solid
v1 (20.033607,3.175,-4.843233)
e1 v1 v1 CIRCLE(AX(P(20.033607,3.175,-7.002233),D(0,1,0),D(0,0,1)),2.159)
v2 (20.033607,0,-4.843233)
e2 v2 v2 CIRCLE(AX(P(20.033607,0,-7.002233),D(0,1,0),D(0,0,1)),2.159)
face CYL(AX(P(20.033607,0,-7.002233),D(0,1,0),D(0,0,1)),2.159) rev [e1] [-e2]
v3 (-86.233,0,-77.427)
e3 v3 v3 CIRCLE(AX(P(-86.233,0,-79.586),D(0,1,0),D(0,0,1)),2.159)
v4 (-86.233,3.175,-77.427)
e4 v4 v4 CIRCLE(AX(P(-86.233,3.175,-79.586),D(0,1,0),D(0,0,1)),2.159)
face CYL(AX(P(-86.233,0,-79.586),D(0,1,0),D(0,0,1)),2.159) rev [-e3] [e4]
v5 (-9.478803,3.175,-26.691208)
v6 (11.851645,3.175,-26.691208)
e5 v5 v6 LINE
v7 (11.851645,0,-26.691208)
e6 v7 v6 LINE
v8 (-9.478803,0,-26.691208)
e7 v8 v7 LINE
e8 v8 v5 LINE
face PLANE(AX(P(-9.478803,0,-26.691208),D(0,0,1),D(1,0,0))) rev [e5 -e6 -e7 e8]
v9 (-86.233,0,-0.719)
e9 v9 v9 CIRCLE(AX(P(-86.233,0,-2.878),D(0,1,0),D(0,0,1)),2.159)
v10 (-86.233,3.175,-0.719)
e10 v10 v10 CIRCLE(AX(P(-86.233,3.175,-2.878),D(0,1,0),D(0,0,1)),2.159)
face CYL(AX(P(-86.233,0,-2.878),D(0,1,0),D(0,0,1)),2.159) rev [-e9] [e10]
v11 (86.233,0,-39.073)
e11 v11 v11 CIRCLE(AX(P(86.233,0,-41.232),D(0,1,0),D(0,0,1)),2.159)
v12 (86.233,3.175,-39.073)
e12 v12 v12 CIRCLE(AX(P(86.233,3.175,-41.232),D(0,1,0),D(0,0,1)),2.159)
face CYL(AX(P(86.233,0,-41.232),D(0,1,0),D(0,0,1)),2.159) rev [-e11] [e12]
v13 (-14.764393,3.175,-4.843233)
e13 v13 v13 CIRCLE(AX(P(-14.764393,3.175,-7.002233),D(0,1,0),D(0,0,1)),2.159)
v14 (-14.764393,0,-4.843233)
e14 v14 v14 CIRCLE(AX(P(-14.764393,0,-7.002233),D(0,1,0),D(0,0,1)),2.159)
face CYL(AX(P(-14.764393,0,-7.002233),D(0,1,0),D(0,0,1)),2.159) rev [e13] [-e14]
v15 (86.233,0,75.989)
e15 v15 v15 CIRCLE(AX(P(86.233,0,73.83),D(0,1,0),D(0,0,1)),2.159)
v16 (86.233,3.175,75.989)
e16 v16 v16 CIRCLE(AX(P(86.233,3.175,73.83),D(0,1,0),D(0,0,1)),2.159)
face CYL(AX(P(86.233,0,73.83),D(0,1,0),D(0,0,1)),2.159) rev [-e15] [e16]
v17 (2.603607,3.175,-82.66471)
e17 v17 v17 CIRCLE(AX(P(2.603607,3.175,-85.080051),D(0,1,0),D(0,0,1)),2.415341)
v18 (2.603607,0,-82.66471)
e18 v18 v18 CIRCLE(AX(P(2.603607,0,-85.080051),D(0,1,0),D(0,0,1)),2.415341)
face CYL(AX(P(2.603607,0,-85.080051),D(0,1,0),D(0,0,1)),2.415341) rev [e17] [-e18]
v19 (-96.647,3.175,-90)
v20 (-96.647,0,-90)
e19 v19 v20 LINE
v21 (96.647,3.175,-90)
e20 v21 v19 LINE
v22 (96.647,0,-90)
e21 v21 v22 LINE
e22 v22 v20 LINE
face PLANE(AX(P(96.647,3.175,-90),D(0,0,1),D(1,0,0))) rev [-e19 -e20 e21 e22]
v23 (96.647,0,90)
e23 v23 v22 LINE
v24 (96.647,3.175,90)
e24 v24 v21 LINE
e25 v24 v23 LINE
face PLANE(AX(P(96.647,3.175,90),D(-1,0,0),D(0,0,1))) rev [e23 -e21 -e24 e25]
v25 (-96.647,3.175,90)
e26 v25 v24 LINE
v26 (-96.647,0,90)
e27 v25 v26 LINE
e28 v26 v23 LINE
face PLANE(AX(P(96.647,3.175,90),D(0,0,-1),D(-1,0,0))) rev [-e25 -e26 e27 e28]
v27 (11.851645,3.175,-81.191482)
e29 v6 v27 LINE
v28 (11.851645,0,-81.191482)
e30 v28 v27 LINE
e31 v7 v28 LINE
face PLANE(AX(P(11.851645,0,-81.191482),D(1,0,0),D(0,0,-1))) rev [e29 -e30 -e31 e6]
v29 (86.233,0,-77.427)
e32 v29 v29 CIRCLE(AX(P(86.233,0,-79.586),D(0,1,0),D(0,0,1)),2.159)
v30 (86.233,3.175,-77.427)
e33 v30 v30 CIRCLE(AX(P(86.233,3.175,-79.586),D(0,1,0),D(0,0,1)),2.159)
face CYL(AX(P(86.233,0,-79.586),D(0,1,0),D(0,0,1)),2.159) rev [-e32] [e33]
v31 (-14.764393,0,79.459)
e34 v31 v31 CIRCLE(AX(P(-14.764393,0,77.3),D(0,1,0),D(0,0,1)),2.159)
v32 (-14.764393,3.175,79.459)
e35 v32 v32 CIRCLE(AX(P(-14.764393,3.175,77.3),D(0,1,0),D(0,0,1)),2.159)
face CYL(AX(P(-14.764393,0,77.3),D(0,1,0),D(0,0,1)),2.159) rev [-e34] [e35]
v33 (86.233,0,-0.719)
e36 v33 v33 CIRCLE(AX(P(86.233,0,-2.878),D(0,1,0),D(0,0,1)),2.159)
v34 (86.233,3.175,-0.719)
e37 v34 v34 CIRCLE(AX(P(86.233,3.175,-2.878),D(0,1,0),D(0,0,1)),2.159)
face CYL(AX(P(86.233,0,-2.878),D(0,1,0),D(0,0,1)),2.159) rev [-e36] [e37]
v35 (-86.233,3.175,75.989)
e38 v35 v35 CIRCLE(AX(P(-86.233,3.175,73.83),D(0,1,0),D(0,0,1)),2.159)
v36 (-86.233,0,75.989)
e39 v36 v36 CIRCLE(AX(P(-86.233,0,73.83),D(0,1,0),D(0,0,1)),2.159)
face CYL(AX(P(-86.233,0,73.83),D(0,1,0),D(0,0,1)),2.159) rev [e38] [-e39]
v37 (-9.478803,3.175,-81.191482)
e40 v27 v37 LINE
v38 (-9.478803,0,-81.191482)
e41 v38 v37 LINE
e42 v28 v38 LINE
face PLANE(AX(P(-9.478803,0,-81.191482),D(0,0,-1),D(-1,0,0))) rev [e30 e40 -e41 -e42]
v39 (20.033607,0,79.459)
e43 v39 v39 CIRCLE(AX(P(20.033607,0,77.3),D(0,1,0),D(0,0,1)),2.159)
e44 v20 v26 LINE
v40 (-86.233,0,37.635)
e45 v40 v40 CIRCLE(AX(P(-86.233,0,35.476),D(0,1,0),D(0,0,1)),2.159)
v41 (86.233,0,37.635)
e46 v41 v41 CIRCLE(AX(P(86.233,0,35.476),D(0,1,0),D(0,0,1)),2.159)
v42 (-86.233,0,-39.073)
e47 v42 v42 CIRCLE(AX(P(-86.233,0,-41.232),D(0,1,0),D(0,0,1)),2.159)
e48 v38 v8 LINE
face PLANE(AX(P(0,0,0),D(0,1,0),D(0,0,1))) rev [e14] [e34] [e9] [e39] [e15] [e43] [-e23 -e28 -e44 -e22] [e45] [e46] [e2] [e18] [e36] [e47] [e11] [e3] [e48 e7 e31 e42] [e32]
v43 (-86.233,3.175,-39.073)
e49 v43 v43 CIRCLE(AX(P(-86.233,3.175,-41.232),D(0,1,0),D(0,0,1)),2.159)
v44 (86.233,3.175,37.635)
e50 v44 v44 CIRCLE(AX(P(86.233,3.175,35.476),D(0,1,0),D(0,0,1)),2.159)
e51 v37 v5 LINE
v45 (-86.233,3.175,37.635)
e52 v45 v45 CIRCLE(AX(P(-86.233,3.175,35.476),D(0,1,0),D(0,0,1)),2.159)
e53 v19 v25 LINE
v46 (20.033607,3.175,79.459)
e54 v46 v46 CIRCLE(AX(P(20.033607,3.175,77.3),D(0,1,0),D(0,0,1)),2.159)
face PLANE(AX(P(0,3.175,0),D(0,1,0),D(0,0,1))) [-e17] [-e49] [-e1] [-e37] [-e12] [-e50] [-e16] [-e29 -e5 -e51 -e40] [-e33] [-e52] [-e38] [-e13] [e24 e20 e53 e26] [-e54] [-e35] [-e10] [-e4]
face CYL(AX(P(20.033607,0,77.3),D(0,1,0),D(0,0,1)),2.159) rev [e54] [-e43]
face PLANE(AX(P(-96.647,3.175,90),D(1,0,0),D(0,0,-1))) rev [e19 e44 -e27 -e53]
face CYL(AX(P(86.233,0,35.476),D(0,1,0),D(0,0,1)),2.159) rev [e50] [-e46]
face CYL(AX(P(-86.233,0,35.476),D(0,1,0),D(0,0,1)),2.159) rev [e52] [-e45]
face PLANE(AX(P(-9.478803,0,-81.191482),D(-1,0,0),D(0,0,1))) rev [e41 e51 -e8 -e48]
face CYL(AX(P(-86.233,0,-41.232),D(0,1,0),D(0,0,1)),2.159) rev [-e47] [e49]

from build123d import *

# Parameters (mm, degrees)
SKETCH1_W           = 193.294
SKETCH1_H           = 180
BOSS_EXTRUDE1_DEPTH = 3.175
SKETCH2_R           = 2.159
CUT_EXTRUDE1_DEPTH  = 4.175
SKETCH3_R           = 2.159
SKETCH3_R_2         = 2.415341229
CUT_EXTRUDE2_DEPTH  = 4.175
SKETCH4_W           = 21.330448395
SKETCH4_H           = 54.500274109
CUT_EXTRUDE3_DEPTH  = 4.175


with BuildPart() as part:
    # Sketch1 → Boss-Extrude1 (new body)
    with BuildSketch(Plane(origin=(0, 0, 0), x_dir=(1, 0, 0), z_dir=(0, 1, 0))):
        Rectangle(SKETCH1_W, SKETCH1_H)
    extrude(amount=BOSS_EXTRUDE1_DEPTH)

    # Sketch2 → Cut-Extrude1 (cut, through all)
    with BuildSketch(Plane(origin=(0, 3.175, 0), x_dir=(1, 0, 0), z_dir=(0, 1, 0))):
        with Locations((-86.233, 79.586)):
            Circle(SKETCH2_R)
        with Locations((86.233, 79.586)):
            Circle(SKETCH2_R)
        with Locations((86.233, 41.232)):
            Circle(SKETCH2_R)
        with Locations((86.233, 2.878)):
            Circle(SKETCH2_R)
        with Locations((86.233, -35.476)):
            Circle(SKETCH2_R)
        with Locations((-86.233, 41.232)):
            Circle(SKETCH2_R)
        with Locations((-86.233, 2.878)):
            Circle(SKETCH2_R)
        with Locations((-86.233, -35.476)):
            Circle(SKETCH2_R)
        with Locations((-86.233, -73.83)):
            Circle(SKETCH2_R)
        with Locations((86.233, -73.83)):
            Circle(SKETCH2_R)
    extrude(amount=-CUT_EXTRUDE1_DEPTH, mode=Mode.SUBTRACT)

    # Sketch3 → Cut-Extrude2 (cut, through all)
    with BuildSketch(Plane(origin=(0, 3.175, 0), x_dir=(1, 0, 0), z_dir=(0, 1, 0))):
        with Locations((-14.76439348, 7.002233071)):
            Circle(SKETCH3_R)
        with Locations((20.03360652, 7.002233071)):
            Circle(SKETCH3_R)
        with Locations((20.03360652, -77.3)):
            Circle(SKETCH3_R)
        with Locations((-14.76439348, -77.3)):
            Circle(SKETCH3_R)
        with Locations((2.60360652, 85.080051335)):
            Circle(SKETCH3_R_2)
    extrude(amount=-CUT_EXTRUDE2_DEPTH, mode=Mode.SUBTRACT)

    # Sketch4 → Cut-Extrude3 (cut, through all)
    with BuildSketch(Plane(origin=(0, 3.175, 0), x_dir=(1, 0, 0), z_dir=(0, 1, 0))):
        with Locations((1.186420924, 53.941345115)):
            Rectangle(SKETCH4_W, SKETCH4_H)
    extrude(amount=-CUT_EXTRUDE3_DEPTH, mode=Mode.SUBTRACT)


solid = part.part
